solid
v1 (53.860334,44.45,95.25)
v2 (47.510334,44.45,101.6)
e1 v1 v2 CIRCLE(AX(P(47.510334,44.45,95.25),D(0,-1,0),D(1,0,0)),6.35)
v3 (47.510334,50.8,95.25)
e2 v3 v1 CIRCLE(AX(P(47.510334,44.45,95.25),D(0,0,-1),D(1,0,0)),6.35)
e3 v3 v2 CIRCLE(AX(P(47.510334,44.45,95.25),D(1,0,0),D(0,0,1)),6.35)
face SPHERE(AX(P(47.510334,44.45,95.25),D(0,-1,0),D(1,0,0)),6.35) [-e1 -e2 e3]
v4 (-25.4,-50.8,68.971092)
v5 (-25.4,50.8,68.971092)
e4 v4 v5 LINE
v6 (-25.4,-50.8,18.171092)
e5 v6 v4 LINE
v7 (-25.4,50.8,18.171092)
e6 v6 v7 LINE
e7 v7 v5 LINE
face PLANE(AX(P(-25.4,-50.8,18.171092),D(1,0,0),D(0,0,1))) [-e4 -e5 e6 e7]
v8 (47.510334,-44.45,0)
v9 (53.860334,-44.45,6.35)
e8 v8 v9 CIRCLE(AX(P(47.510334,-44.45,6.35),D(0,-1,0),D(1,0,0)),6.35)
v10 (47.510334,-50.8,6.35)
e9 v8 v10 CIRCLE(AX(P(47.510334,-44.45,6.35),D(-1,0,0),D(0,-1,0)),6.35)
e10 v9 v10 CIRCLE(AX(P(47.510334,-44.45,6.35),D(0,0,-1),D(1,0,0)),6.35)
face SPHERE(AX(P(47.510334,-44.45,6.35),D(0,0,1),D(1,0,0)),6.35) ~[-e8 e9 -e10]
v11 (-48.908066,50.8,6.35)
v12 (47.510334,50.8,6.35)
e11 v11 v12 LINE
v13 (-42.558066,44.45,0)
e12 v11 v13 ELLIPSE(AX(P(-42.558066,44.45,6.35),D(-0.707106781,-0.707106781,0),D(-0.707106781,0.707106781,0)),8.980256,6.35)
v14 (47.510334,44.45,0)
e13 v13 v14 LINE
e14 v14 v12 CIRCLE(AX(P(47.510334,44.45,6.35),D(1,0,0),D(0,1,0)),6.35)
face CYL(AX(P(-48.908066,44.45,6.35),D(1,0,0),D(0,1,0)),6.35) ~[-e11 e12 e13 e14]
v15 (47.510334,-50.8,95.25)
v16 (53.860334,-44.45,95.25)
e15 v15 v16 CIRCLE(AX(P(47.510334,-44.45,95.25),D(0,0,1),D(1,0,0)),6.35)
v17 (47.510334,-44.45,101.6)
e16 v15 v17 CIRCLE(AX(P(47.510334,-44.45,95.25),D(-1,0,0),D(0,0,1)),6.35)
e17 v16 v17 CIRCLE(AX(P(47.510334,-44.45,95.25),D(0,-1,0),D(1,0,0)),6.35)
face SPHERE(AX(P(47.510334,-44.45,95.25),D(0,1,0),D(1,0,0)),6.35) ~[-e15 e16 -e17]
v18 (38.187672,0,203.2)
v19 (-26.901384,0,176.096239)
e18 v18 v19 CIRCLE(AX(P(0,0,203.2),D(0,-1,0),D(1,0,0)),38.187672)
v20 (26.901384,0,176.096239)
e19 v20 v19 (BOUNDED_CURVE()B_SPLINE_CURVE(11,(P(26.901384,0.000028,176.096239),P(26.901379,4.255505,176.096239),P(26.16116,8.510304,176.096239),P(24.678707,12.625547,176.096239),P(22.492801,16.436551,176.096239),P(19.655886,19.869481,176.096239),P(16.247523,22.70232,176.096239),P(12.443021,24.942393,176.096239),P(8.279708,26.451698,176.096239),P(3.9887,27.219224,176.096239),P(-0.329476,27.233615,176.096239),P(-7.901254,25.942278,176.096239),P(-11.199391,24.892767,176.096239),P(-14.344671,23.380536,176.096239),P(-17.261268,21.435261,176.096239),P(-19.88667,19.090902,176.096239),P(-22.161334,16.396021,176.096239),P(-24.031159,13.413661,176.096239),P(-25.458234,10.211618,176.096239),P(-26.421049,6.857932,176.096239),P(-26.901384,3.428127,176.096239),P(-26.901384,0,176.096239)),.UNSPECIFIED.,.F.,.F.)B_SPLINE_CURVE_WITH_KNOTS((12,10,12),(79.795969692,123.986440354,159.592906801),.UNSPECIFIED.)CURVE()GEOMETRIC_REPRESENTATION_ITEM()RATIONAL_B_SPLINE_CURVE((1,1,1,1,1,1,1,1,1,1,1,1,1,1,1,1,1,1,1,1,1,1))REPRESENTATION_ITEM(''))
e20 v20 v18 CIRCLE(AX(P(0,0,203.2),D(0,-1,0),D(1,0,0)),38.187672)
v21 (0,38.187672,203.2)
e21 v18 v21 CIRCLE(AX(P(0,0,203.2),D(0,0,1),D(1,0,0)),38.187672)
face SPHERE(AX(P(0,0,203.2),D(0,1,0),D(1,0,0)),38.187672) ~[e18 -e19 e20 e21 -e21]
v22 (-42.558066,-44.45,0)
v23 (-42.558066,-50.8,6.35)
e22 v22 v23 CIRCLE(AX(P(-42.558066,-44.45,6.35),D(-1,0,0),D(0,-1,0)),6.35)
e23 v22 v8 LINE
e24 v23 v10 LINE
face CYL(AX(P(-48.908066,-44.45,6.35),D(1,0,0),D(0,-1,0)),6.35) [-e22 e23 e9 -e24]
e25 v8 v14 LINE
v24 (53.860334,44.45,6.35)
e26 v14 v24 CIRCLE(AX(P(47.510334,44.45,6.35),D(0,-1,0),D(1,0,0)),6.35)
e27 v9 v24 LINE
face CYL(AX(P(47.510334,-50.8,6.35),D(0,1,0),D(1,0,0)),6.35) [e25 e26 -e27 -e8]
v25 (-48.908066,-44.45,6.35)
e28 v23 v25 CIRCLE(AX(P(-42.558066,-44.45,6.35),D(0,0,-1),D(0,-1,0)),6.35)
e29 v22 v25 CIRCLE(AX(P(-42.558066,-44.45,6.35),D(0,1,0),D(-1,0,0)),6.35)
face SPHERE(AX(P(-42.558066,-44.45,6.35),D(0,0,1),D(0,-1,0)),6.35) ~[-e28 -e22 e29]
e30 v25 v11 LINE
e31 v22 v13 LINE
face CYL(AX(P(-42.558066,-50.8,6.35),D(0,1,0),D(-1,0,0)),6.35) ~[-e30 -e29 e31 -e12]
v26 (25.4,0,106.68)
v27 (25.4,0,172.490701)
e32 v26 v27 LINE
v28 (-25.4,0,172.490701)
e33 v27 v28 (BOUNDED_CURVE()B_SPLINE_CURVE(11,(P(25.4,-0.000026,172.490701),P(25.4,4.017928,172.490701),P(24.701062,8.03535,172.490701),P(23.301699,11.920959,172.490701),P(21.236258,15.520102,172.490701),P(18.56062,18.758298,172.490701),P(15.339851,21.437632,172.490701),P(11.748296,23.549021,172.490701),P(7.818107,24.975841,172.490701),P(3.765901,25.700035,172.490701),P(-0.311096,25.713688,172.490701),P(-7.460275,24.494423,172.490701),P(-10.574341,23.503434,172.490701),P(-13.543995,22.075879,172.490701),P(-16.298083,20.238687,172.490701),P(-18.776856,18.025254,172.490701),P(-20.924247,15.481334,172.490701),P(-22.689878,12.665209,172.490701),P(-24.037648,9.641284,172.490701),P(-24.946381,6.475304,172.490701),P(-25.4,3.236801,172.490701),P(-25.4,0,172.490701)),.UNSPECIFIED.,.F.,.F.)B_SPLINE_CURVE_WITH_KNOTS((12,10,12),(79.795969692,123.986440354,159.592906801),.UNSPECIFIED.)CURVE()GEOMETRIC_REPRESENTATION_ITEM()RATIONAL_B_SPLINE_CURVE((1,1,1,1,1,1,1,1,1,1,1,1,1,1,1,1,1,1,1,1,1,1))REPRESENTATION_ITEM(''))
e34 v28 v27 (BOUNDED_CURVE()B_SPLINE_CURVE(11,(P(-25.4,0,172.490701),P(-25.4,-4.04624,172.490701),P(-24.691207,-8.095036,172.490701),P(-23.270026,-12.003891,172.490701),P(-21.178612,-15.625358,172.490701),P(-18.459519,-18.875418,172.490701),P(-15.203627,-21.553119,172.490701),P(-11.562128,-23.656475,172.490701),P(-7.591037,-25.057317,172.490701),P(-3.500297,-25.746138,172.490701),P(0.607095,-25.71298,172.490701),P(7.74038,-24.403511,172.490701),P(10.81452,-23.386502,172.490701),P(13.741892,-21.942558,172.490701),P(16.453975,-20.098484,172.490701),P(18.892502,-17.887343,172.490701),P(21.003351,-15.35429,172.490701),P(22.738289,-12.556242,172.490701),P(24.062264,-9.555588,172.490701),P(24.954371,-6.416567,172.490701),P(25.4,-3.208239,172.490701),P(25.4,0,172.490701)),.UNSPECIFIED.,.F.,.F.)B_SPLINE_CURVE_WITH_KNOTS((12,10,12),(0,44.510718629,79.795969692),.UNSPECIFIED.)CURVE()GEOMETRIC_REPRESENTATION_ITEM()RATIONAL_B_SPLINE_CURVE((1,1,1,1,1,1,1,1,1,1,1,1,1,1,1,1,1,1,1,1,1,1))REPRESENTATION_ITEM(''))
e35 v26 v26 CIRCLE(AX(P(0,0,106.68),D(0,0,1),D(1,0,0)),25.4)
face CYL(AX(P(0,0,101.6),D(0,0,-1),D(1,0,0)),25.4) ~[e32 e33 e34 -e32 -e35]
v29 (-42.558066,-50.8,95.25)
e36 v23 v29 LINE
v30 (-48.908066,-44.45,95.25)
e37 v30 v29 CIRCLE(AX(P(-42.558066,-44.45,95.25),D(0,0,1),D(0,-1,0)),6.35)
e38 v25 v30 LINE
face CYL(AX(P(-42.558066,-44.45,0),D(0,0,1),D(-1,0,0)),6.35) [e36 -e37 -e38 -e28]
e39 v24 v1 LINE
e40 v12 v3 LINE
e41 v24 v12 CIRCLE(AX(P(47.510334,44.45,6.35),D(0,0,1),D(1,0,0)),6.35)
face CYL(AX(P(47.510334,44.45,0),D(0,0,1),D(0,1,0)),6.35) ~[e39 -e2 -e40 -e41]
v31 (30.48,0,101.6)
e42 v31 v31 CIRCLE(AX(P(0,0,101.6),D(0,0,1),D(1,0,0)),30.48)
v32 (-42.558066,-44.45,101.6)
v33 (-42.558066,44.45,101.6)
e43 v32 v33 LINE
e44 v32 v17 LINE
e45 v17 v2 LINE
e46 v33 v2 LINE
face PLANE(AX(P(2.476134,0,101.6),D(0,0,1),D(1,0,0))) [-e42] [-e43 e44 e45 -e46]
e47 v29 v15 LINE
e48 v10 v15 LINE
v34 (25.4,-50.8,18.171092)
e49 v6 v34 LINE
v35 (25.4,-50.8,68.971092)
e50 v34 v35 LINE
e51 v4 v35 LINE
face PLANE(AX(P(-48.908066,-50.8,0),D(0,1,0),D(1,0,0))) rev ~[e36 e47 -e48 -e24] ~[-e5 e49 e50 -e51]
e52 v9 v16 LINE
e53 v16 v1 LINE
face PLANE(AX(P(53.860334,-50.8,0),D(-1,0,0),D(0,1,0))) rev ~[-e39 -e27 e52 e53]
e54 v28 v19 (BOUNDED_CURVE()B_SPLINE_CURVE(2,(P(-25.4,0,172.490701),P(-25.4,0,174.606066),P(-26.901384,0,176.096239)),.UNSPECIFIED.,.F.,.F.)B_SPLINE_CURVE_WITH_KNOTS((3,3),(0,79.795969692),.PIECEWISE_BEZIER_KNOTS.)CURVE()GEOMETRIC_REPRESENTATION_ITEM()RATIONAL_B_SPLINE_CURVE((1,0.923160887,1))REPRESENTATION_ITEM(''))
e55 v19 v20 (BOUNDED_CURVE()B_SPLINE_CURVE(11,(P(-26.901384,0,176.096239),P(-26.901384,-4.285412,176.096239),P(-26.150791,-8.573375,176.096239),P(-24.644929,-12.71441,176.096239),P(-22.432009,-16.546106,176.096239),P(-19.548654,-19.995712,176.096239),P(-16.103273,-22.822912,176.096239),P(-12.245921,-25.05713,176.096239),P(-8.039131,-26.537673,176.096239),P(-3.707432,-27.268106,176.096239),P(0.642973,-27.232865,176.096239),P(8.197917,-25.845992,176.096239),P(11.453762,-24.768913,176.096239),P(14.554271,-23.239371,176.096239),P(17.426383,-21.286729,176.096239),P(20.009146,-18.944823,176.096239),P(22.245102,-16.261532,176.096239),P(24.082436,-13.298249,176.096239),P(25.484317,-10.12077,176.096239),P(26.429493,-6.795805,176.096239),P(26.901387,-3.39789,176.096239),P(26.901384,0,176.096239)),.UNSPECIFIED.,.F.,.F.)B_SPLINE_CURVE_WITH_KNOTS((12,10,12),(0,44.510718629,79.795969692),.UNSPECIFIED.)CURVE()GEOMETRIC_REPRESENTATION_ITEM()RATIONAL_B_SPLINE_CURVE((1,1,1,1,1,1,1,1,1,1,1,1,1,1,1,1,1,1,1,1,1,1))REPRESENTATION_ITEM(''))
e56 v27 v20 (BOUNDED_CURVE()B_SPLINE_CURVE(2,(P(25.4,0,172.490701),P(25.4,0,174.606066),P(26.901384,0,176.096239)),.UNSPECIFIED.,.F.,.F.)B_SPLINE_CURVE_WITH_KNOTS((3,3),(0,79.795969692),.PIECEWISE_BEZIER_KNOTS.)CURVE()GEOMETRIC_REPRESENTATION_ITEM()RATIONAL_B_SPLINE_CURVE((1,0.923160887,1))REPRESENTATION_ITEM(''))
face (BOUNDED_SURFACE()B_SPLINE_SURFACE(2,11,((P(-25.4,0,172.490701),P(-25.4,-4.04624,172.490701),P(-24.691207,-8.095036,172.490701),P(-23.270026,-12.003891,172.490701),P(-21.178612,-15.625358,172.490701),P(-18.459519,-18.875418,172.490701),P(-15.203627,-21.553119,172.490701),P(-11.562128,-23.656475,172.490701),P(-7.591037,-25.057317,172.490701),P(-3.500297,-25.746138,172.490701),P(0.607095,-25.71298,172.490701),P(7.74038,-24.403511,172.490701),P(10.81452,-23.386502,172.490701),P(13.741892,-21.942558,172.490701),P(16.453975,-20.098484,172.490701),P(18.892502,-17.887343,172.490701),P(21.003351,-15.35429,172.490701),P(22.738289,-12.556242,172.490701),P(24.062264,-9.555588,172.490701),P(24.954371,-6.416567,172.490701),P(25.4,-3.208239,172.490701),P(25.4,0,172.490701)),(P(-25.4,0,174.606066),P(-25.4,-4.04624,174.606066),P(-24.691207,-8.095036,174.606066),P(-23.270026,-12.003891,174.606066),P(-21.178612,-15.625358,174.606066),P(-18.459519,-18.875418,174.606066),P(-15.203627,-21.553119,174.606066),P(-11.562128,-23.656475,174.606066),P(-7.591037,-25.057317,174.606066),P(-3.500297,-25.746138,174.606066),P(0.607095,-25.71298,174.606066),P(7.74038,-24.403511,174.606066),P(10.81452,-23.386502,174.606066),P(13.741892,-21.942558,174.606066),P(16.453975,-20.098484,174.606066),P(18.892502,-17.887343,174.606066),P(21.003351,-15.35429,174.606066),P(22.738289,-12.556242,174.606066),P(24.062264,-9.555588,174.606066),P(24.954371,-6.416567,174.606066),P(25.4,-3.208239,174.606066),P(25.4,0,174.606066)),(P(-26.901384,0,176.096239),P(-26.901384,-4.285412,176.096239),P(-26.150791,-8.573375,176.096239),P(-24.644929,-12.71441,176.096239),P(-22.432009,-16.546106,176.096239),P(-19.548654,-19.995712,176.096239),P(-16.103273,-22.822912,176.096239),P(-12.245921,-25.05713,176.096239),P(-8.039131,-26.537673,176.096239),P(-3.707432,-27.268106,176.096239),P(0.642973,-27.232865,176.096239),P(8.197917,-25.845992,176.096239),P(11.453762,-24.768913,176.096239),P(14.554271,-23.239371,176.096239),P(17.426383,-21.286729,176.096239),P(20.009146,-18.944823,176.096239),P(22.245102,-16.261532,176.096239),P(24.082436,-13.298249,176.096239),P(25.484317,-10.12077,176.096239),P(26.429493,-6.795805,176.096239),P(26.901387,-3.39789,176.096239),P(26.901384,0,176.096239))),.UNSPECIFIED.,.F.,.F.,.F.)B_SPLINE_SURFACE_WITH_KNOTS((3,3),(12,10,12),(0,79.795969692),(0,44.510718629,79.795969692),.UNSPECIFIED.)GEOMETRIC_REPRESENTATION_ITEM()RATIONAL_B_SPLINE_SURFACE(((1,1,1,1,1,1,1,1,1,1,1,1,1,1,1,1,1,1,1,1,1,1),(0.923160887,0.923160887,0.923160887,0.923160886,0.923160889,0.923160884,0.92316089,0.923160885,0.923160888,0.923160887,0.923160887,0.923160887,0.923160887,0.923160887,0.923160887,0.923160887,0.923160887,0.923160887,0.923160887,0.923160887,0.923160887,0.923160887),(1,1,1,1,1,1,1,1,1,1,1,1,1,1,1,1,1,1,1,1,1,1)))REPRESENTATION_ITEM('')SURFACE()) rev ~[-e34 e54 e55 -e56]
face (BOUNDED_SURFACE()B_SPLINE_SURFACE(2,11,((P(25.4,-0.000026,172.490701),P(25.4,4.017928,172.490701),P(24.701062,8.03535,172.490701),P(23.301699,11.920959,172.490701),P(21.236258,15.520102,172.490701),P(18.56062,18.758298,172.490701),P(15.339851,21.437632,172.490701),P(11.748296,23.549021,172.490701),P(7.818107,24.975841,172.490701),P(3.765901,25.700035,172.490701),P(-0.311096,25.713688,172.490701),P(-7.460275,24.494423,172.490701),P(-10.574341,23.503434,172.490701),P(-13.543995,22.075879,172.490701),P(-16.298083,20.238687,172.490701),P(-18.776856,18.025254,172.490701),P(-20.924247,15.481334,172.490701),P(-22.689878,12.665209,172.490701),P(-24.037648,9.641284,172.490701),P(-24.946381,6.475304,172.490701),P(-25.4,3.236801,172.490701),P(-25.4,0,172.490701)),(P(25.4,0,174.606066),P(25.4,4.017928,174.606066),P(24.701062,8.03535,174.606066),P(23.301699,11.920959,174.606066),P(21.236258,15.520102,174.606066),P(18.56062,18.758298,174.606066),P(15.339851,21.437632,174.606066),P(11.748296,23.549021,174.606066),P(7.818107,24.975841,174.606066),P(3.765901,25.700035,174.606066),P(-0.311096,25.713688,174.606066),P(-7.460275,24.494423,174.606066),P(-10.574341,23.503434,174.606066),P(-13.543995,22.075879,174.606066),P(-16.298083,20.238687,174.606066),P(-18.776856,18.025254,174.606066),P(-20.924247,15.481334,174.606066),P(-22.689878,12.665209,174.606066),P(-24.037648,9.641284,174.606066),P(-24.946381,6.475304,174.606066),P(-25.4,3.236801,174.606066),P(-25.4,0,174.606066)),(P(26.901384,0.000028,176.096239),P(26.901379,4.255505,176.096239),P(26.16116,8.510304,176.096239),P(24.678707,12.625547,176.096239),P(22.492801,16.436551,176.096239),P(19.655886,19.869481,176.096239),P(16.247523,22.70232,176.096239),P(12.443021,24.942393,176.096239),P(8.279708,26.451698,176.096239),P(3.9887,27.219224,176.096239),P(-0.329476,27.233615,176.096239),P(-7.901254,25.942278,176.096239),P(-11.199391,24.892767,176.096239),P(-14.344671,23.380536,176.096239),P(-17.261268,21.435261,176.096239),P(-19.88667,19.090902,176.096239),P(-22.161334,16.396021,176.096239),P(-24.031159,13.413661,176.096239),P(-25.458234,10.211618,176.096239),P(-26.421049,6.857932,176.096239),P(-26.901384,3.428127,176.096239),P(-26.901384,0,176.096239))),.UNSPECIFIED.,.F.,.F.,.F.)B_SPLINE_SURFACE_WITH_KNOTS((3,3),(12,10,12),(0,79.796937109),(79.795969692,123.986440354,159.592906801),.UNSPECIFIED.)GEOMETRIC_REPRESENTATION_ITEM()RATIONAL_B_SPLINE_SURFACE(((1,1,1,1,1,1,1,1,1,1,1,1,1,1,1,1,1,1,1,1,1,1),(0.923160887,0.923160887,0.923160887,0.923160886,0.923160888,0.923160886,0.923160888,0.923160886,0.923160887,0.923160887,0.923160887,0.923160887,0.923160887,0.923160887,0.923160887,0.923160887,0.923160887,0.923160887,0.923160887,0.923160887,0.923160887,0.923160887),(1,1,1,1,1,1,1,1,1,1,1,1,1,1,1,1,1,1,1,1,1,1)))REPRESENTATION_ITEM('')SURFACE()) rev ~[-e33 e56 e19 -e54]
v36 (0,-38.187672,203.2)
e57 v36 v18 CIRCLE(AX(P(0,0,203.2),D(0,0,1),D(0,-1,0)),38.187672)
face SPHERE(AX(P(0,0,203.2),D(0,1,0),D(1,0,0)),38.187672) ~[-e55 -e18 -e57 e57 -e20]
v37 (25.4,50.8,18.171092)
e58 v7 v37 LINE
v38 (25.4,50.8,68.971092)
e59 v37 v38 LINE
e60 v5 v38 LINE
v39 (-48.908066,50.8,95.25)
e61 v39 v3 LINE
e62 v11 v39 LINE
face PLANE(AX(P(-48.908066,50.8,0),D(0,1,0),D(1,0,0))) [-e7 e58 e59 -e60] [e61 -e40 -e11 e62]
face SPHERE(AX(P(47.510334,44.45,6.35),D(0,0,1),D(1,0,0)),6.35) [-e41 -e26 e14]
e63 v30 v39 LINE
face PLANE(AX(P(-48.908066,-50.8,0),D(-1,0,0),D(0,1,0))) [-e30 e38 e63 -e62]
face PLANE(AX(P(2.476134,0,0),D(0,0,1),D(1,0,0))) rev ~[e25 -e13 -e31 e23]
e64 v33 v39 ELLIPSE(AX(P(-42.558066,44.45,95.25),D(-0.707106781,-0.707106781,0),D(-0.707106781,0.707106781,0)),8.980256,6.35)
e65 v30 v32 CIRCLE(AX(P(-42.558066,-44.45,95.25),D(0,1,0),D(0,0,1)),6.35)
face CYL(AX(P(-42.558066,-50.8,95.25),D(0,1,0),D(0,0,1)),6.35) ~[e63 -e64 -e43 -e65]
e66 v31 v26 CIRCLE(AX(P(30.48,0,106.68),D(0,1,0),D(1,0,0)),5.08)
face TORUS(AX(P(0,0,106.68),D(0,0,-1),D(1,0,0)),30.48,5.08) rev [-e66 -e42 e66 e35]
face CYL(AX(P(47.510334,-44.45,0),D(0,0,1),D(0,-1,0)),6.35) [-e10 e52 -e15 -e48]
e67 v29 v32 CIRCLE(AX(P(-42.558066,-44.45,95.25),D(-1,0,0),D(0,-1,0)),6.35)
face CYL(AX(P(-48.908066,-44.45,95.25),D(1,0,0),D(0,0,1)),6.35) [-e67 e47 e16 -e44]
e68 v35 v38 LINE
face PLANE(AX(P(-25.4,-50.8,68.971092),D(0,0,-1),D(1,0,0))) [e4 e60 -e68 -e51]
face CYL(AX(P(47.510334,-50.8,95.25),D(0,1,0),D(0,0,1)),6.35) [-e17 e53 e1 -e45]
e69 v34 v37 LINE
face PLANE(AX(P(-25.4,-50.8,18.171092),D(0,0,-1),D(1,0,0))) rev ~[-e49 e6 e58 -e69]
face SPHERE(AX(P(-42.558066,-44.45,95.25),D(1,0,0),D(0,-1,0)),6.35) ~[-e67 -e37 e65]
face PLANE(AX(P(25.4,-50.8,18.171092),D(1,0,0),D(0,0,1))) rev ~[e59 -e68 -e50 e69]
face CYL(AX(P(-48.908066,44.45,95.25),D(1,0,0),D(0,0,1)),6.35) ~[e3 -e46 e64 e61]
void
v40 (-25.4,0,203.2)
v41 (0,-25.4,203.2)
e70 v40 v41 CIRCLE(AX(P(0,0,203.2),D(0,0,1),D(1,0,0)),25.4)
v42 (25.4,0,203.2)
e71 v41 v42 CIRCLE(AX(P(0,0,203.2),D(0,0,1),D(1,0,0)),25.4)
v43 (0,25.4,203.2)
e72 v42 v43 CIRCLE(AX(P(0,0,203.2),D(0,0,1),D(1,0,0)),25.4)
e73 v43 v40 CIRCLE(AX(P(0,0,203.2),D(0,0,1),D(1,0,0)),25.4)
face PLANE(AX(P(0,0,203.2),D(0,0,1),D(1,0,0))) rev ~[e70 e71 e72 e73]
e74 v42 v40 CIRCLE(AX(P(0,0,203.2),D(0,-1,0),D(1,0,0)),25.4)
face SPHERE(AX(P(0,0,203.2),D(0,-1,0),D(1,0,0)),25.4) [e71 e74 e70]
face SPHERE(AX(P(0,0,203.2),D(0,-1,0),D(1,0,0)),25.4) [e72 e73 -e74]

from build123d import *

# Parameters (mm, degrees)
F0_W     = 102.7684
F0_H     = 101.6
F1_DEPTH = 101.6
F2_R     = 25.4
F3_DEPTH = 101.6
F6_W     = 50.8
F6_H     = 50.8
F7_DEPTH = 101.6
F8_R     = 6.35
F9_R     = 5.08


with BuildPart() as f1:
    # F0 (on Top) → F1 (new body)
    with BuildSketch(Plane.XY):
        with Locations((2.4761343375, 0)):
            Rectangle(F0_W, F0_H)
    extrude(amount=F1_DEPTH)

    # F2 (on face) → F3 (join)
    with BuildSketch(Plane.XY.offset(101.6)):
        Circle(F2_R)
    extrude(amount=F3_DEPTH)

    # F4 (on face) → F5 (revolve)
    with BuildSketch(Plane.XY.offset(203.2)):
        with BuildLine():
            ThreePointArc((0, -38.1876719344), (27.0027617826, -27.0027617826), (38.1876719344, 0))
            ThreePointArc((38.1876719344, 0), (27.0027617826, 27.0027617826), (0, 38.1876719344))
            Line((0, 38.1876719344), (0, 25.4))
            ThreePointArc((0, 25.4), (17.9605122421, 17.9605122421), (25.4, 0))
            ThreePointArc((25.4, 0), (17.9605122421, -17.9605122421), (0, -25.4))
            Line((0, -25.4), (0, -38.1876719344))
        make_face()
    revolve(axis=Axis((0, -1.256869865, 203.2), (0, -1, 0)))

    # F6 (on face) → F7 (cut)
    with BuildSketch(Plane.XZ.offset(50.8)):
        with Locations((0, 43.5710921884)):
            Rectangle(F6_W, F6_H)
    extrude(amount=-F7_DEPTH, mode=Mode.SUBTRACT)

    # F8
    f8_edges = [f1.edges().sort_by_distance(p)[0] for p in [
        (53.860334, 0, 101.6),
        (53.860334, -50.8, 50.8),
        (53.860334, 50.8, 50.8),
        (53.860334, 0, 0),
        (2.476134, -50.8, 101.6),
        (-48.908066, -50.8, 50.8),
        (-48.908066, 0, 101.6),
        (2.476134, 50.8, 101.6),
        (2.476134, -50.8, 0),
        (-48.908066, 0, 0),
        (2.476134, 50.8, 0),
    ]]
    fillet(f8_edges, radius=F8_R)

    # F9
    f9_edges = [f1.edges().sort_by_distance(p)[0] for p in [
        (-25.4, 0, 101.6),
        (-25.4, 0, 174.68442),
    ]]
    fillet(f9_edges, radius=F9_R)


solid = f1.part
